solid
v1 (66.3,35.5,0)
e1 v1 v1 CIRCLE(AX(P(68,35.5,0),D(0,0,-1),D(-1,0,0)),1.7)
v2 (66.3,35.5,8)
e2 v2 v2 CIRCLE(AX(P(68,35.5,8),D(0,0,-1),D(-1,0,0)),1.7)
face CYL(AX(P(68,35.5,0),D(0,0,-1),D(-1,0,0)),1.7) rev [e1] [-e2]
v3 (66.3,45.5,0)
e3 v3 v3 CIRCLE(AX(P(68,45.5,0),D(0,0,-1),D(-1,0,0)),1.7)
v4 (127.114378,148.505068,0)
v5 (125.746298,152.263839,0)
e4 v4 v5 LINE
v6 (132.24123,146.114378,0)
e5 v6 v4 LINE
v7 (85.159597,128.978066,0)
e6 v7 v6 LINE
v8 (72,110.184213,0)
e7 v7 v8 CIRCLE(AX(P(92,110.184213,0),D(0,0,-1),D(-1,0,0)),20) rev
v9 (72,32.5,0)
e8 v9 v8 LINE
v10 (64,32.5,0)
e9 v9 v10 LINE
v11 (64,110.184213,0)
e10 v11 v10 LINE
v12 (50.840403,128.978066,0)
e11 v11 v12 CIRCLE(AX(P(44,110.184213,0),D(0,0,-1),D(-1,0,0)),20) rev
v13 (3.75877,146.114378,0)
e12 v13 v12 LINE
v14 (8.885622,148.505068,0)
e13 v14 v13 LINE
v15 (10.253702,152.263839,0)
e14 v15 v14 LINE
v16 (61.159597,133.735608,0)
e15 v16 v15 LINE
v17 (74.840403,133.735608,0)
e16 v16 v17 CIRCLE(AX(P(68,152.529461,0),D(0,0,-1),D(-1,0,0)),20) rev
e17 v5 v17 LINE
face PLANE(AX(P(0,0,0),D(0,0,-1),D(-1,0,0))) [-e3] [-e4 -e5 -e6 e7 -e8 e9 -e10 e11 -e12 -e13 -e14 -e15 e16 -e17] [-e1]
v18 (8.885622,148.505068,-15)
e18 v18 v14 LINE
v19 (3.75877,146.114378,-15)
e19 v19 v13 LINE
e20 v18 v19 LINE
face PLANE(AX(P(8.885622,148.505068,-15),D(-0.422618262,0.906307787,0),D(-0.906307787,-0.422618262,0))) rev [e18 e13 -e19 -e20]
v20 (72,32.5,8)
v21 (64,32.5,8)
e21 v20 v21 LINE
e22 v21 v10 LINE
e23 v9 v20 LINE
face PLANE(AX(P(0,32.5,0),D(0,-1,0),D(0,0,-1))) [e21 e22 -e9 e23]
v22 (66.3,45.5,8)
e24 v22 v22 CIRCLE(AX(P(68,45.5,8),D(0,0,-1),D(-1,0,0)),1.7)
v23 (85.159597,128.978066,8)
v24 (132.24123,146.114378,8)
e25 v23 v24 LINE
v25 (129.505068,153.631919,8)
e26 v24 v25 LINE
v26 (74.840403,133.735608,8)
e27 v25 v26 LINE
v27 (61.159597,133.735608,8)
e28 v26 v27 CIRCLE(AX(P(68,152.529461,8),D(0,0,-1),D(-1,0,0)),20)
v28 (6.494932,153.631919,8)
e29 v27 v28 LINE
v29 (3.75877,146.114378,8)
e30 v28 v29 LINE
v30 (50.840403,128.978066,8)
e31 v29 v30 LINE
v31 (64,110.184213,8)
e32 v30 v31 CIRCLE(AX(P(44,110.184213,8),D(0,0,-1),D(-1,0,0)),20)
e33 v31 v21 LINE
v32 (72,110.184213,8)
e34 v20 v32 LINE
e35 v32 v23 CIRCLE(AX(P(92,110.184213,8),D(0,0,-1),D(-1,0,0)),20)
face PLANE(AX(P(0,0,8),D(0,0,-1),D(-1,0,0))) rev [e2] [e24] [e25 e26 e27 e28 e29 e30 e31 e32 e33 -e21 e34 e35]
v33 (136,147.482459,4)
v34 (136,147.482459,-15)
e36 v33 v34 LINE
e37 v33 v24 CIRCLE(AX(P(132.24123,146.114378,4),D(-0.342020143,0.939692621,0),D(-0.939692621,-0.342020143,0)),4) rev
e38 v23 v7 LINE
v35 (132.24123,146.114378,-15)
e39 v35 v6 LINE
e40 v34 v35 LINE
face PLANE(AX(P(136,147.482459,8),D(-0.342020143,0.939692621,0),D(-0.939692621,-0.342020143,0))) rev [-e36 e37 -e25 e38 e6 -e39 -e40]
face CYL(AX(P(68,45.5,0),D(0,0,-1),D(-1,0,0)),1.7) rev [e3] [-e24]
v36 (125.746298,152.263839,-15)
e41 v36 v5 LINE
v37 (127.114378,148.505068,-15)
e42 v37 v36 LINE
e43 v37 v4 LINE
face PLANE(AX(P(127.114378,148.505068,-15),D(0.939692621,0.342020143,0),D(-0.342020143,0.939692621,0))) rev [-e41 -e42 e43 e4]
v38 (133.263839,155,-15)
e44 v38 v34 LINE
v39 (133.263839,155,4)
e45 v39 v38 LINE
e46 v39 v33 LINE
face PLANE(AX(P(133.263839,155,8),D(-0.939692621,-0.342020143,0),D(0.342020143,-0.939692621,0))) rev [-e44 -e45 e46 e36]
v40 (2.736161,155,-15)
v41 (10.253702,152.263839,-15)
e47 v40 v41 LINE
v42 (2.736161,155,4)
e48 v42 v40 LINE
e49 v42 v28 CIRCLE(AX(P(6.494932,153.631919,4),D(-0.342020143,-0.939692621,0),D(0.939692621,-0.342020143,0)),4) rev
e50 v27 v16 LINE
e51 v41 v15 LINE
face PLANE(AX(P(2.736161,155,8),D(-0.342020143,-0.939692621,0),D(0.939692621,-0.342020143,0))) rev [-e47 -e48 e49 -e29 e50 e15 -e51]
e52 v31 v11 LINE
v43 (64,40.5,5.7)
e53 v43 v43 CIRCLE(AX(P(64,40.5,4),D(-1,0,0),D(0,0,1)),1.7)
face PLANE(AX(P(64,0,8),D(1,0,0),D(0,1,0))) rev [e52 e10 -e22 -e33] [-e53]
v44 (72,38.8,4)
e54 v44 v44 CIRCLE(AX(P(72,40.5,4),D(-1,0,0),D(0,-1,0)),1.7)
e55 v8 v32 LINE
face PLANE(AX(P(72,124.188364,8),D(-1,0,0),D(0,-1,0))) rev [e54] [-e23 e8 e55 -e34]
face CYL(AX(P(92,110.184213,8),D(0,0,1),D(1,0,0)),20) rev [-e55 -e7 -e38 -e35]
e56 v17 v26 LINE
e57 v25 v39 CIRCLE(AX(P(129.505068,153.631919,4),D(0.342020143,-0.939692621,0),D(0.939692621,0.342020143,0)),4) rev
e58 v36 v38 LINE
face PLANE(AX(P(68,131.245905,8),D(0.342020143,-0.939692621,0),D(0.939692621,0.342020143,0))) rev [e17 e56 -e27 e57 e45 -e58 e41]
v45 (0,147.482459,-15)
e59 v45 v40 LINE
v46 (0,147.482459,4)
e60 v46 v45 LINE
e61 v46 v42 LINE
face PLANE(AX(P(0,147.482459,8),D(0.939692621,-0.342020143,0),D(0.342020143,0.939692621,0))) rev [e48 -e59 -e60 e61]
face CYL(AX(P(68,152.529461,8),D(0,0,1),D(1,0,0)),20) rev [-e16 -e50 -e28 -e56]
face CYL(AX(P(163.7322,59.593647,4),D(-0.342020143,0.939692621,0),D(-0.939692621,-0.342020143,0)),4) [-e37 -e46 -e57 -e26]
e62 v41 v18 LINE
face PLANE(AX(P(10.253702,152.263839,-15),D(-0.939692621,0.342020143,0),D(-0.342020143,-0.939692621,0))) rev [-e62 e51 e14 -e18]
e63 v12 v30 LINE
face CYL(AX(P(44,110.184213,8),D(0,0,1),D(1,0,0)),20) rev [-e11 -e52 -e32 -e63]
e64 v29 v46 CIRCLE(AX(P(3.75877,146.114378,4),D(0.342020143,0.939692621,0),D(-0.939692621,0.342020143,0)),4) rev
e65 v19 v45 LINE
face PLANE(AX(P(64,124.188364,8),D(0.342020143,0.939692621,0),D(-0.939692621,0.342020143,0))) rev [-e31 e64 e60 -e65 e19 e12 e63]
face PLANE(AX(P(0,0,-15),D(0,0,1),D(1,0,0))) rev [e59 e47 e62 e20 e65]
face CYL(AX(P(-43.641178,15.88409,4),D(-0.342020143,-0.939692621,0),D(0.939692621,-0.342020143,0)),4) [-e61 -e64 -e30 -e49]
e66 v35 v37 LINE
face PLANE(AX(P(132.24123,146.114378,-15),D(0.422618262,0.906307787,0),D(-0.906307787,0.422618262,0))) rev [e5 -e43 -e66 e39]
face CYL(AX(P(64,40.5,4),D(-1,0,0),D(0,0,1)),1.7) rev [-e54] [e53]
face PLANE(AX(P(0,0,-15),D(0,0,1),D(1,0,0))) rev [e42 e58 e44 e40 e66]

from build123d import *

# Parameters (mm, degrees)
BOSS_EXTRU_1_DEPTH      = 8
BOSS_EXTRU_2_DEPTH      = 15
CONG_1_R                = 20
CONG_2_R                = 4
ESQUISSE3_R             = 7.5
BOSS_EXTRU_3_DEPTH      = 8
ENL_V_MAT_EXTRU_1_DEPTH = 172.56339936
ESQUISSE5_W             = 8
ESQUISSE5_H             = 15
ENL_V_MAT_EXTRU_2_DEPTH = 7.5
ESQUISSE6_W             = 8
ESQUISSE6_H             = 15
ENL_V_MAT_EXTRU_3_DEPTH = 32.5
ESQUISSE7_R             = 1.5
ENL_V_MAT_EXTRU_4_DEPTH = 8
D_GAGEMENT_M31_D        = 3.4
D_GAGEMENT_M31_DEPTH    = 10
D_GAGEMENT_M31_TIP      = 1.021463052
ESQUISSE10_R            = 1.5
ENL_V_MAT_EXTRU_5_DEPTH = 8
D_GAGEMENT_M32_D        = 3.4
D_GAGEMENT_M32_DEPTH    = 10
D_GAGEMENT_M32_TIP      = 1.021463052


with BuildPart() as part:
    # Esquisse1 → Boss.-Extru.1 (new body)
    with BuildSketch(Plane.XY):
        Polygon((64, 0), (64, 124.188364041), (0, 147.482459034), (2.736161147, 155), (68, 131.245905283), (133.263838853, 155), (136, 147.482459034), (72, 124.188364041), (72, 0), align=None)
    extrude(amount=BOSS_EXTRU_1_DEPTH)

    # Esquisse2 → Boss.-Extru.2 (add)
    with BuildSketch(Plane(origin=(0, 0, 0), x_dir=(-1, 0, 0), z_dir=(0, 0, -1))):
        Polygon((-132.241229517, 146.11437846), (-136, 147.482459034), (-133.263838853, 155), (-125.746297887, 152.263838853), (-127.11437846, 148.50506837), align=None)
        Polygon((0, 147.482459034), (-3.758770483, 146.11437846), (-8.88562154, 148.50506837), (-10.253702113, 152.263838853), (-2.736161147, 155), align=None)
    extrude(amount=BOSS_EXTRU_2_DEPTH)

    # Congé1
    cong_1_edges = [part.edges().sort_by_distance(p)[0] for p in [
        (64, 124.188364041, 4),
        (68, 131.245905283, 4),
        (72, 124.188364041, 4),
    ]]
    fillet(cong_1_edges, radius=CONG_1_R)

    # Congé2
    cong_2_edges = [part.edges().sort_by_distance(p)[0] for p in [
        (134.631919427, 151.241229517, 8),
        (1.368080573, 151.241229517, 8),
    ]]
    fillet(cong_2_edges, radius=CONG_2_R)

    # Esquisse3 → Boss.-Extru.3 (add)
    with BuildSketch(Plane.ZY.offset(-64)):
        with Locations((4, 0)):
            Circle(ESQUISSE3_R)
    extrude(amount=-BOSS_EXTRU_3_DEPTH)

    # Esquisse4 → Enlèv. mat.-Extru.1 (cut, through all)
    with BuildSketch(Plane.ZY.offset(-64)):
        with BuildLine():
            Line((2.25357508, 2.8), (5.74642492, 2.8))
            ThreePointArc((5.74642492, 2.8), (4, -3.3), (2.25357508, 2.8))
        make_face()
    extrude(amount=-ENL_V_MAT_EXTRU_1_DEPTH, mode=Mode.SUBTRACT)

    # Esquisse5 → Enlèv. mat.-Extru.2 (cut)
    with BuildSketch(Plane(origin=(0, 0, 0), x_dir=(1, 0, 0), z_dir=(0, 1, 0))):
        with Locations((68, -4)):
            Rectangle(ESQUISSE5_W, ESQUISSE5_H)
    extrude(amount=-ENL_V_MAT_EXTRU_2_DEPTH, mode=Mode.SUBTRACT)

    # Esquisse6 → Enlèv. mat.-Extru.3 (cut)
    with BuildSketch(Plane.XZ):
        with Locations((68, 4)):
            Rectangle(ESQUISSE6_W, ESQUISSE6_H)
    extrude(amount=-ENL_V_MAT_EXTRU_3_DEPTH, mode=Mode.SUBTRACT)

    # Esquisse7 → Enlèv. mat.-Extru.4 (cut)
    with BuildSketch(Plane.ZY.offset(-64)):
        with Locations(Location((4, 40.5, 0), (0, 0, 270))):
            Circle(ESQUISSE7_R)
    extrude(amount=-ENL_V_MAT_EXTRU_4_DEPTH, mode=Mode.SUBTRACT)

    # Dégagement M31
    with Locations(Plane.ZY.offset(-64)):
        with Locations((4, 40.5)):
            Hole(D_GAGEMENT_M31_D / 2, depth=D_GAGEMENT_M31_DEPTH)
            with Locations((0, 0, -(D_GAGEMENT_M31_DEPTH + D_GAGEMENT_M31_TIP / 2))):  # 118° drill point
                Cone(0, D_GAGEMENT_M31_D / 2, D_GAGEMENT_M31_TIP, mode=Mode.SUBTRACT)

    # Esquisse10 → Enlèv. mat.-Extru.5 (cut)
    with BuildSketch(Plane.XY.offset(8)):
        with Locations((68, 35.5)):
            Circle(ESQUISSE10_R)
        with Locations((68, 45.5)):
            Circle(ESQUISSE10_R)
    extrude(amount=-ENL_V_MAT_EXTRU_5_DEPTH, mode=Mode.SUBTRACT)

    # Dégagement M32
    with Locations(Plane(origin=(0, 0, 0), x_dir=(-1, 0, 0), z_dir=(0, 0, -1))):
        with Locations((-68, 45.5), (-68, 35.5)):
            Hole(D_GAGEMENT_M32_D / 2, depth=D_GAGEMENT_M32_DEPTH)
            with Locations((0, 0, -(D_GAGEMENT_M32_DEPTH + D_GAGEMENT_M32_TIP / 2))):  # 118° drill point
                Cone(0, D_GAGEMENT_M32_D / 2, D_GAGEMENT_M32_TIP, mode=Mode.SUBTRACT)


solid = part.part
